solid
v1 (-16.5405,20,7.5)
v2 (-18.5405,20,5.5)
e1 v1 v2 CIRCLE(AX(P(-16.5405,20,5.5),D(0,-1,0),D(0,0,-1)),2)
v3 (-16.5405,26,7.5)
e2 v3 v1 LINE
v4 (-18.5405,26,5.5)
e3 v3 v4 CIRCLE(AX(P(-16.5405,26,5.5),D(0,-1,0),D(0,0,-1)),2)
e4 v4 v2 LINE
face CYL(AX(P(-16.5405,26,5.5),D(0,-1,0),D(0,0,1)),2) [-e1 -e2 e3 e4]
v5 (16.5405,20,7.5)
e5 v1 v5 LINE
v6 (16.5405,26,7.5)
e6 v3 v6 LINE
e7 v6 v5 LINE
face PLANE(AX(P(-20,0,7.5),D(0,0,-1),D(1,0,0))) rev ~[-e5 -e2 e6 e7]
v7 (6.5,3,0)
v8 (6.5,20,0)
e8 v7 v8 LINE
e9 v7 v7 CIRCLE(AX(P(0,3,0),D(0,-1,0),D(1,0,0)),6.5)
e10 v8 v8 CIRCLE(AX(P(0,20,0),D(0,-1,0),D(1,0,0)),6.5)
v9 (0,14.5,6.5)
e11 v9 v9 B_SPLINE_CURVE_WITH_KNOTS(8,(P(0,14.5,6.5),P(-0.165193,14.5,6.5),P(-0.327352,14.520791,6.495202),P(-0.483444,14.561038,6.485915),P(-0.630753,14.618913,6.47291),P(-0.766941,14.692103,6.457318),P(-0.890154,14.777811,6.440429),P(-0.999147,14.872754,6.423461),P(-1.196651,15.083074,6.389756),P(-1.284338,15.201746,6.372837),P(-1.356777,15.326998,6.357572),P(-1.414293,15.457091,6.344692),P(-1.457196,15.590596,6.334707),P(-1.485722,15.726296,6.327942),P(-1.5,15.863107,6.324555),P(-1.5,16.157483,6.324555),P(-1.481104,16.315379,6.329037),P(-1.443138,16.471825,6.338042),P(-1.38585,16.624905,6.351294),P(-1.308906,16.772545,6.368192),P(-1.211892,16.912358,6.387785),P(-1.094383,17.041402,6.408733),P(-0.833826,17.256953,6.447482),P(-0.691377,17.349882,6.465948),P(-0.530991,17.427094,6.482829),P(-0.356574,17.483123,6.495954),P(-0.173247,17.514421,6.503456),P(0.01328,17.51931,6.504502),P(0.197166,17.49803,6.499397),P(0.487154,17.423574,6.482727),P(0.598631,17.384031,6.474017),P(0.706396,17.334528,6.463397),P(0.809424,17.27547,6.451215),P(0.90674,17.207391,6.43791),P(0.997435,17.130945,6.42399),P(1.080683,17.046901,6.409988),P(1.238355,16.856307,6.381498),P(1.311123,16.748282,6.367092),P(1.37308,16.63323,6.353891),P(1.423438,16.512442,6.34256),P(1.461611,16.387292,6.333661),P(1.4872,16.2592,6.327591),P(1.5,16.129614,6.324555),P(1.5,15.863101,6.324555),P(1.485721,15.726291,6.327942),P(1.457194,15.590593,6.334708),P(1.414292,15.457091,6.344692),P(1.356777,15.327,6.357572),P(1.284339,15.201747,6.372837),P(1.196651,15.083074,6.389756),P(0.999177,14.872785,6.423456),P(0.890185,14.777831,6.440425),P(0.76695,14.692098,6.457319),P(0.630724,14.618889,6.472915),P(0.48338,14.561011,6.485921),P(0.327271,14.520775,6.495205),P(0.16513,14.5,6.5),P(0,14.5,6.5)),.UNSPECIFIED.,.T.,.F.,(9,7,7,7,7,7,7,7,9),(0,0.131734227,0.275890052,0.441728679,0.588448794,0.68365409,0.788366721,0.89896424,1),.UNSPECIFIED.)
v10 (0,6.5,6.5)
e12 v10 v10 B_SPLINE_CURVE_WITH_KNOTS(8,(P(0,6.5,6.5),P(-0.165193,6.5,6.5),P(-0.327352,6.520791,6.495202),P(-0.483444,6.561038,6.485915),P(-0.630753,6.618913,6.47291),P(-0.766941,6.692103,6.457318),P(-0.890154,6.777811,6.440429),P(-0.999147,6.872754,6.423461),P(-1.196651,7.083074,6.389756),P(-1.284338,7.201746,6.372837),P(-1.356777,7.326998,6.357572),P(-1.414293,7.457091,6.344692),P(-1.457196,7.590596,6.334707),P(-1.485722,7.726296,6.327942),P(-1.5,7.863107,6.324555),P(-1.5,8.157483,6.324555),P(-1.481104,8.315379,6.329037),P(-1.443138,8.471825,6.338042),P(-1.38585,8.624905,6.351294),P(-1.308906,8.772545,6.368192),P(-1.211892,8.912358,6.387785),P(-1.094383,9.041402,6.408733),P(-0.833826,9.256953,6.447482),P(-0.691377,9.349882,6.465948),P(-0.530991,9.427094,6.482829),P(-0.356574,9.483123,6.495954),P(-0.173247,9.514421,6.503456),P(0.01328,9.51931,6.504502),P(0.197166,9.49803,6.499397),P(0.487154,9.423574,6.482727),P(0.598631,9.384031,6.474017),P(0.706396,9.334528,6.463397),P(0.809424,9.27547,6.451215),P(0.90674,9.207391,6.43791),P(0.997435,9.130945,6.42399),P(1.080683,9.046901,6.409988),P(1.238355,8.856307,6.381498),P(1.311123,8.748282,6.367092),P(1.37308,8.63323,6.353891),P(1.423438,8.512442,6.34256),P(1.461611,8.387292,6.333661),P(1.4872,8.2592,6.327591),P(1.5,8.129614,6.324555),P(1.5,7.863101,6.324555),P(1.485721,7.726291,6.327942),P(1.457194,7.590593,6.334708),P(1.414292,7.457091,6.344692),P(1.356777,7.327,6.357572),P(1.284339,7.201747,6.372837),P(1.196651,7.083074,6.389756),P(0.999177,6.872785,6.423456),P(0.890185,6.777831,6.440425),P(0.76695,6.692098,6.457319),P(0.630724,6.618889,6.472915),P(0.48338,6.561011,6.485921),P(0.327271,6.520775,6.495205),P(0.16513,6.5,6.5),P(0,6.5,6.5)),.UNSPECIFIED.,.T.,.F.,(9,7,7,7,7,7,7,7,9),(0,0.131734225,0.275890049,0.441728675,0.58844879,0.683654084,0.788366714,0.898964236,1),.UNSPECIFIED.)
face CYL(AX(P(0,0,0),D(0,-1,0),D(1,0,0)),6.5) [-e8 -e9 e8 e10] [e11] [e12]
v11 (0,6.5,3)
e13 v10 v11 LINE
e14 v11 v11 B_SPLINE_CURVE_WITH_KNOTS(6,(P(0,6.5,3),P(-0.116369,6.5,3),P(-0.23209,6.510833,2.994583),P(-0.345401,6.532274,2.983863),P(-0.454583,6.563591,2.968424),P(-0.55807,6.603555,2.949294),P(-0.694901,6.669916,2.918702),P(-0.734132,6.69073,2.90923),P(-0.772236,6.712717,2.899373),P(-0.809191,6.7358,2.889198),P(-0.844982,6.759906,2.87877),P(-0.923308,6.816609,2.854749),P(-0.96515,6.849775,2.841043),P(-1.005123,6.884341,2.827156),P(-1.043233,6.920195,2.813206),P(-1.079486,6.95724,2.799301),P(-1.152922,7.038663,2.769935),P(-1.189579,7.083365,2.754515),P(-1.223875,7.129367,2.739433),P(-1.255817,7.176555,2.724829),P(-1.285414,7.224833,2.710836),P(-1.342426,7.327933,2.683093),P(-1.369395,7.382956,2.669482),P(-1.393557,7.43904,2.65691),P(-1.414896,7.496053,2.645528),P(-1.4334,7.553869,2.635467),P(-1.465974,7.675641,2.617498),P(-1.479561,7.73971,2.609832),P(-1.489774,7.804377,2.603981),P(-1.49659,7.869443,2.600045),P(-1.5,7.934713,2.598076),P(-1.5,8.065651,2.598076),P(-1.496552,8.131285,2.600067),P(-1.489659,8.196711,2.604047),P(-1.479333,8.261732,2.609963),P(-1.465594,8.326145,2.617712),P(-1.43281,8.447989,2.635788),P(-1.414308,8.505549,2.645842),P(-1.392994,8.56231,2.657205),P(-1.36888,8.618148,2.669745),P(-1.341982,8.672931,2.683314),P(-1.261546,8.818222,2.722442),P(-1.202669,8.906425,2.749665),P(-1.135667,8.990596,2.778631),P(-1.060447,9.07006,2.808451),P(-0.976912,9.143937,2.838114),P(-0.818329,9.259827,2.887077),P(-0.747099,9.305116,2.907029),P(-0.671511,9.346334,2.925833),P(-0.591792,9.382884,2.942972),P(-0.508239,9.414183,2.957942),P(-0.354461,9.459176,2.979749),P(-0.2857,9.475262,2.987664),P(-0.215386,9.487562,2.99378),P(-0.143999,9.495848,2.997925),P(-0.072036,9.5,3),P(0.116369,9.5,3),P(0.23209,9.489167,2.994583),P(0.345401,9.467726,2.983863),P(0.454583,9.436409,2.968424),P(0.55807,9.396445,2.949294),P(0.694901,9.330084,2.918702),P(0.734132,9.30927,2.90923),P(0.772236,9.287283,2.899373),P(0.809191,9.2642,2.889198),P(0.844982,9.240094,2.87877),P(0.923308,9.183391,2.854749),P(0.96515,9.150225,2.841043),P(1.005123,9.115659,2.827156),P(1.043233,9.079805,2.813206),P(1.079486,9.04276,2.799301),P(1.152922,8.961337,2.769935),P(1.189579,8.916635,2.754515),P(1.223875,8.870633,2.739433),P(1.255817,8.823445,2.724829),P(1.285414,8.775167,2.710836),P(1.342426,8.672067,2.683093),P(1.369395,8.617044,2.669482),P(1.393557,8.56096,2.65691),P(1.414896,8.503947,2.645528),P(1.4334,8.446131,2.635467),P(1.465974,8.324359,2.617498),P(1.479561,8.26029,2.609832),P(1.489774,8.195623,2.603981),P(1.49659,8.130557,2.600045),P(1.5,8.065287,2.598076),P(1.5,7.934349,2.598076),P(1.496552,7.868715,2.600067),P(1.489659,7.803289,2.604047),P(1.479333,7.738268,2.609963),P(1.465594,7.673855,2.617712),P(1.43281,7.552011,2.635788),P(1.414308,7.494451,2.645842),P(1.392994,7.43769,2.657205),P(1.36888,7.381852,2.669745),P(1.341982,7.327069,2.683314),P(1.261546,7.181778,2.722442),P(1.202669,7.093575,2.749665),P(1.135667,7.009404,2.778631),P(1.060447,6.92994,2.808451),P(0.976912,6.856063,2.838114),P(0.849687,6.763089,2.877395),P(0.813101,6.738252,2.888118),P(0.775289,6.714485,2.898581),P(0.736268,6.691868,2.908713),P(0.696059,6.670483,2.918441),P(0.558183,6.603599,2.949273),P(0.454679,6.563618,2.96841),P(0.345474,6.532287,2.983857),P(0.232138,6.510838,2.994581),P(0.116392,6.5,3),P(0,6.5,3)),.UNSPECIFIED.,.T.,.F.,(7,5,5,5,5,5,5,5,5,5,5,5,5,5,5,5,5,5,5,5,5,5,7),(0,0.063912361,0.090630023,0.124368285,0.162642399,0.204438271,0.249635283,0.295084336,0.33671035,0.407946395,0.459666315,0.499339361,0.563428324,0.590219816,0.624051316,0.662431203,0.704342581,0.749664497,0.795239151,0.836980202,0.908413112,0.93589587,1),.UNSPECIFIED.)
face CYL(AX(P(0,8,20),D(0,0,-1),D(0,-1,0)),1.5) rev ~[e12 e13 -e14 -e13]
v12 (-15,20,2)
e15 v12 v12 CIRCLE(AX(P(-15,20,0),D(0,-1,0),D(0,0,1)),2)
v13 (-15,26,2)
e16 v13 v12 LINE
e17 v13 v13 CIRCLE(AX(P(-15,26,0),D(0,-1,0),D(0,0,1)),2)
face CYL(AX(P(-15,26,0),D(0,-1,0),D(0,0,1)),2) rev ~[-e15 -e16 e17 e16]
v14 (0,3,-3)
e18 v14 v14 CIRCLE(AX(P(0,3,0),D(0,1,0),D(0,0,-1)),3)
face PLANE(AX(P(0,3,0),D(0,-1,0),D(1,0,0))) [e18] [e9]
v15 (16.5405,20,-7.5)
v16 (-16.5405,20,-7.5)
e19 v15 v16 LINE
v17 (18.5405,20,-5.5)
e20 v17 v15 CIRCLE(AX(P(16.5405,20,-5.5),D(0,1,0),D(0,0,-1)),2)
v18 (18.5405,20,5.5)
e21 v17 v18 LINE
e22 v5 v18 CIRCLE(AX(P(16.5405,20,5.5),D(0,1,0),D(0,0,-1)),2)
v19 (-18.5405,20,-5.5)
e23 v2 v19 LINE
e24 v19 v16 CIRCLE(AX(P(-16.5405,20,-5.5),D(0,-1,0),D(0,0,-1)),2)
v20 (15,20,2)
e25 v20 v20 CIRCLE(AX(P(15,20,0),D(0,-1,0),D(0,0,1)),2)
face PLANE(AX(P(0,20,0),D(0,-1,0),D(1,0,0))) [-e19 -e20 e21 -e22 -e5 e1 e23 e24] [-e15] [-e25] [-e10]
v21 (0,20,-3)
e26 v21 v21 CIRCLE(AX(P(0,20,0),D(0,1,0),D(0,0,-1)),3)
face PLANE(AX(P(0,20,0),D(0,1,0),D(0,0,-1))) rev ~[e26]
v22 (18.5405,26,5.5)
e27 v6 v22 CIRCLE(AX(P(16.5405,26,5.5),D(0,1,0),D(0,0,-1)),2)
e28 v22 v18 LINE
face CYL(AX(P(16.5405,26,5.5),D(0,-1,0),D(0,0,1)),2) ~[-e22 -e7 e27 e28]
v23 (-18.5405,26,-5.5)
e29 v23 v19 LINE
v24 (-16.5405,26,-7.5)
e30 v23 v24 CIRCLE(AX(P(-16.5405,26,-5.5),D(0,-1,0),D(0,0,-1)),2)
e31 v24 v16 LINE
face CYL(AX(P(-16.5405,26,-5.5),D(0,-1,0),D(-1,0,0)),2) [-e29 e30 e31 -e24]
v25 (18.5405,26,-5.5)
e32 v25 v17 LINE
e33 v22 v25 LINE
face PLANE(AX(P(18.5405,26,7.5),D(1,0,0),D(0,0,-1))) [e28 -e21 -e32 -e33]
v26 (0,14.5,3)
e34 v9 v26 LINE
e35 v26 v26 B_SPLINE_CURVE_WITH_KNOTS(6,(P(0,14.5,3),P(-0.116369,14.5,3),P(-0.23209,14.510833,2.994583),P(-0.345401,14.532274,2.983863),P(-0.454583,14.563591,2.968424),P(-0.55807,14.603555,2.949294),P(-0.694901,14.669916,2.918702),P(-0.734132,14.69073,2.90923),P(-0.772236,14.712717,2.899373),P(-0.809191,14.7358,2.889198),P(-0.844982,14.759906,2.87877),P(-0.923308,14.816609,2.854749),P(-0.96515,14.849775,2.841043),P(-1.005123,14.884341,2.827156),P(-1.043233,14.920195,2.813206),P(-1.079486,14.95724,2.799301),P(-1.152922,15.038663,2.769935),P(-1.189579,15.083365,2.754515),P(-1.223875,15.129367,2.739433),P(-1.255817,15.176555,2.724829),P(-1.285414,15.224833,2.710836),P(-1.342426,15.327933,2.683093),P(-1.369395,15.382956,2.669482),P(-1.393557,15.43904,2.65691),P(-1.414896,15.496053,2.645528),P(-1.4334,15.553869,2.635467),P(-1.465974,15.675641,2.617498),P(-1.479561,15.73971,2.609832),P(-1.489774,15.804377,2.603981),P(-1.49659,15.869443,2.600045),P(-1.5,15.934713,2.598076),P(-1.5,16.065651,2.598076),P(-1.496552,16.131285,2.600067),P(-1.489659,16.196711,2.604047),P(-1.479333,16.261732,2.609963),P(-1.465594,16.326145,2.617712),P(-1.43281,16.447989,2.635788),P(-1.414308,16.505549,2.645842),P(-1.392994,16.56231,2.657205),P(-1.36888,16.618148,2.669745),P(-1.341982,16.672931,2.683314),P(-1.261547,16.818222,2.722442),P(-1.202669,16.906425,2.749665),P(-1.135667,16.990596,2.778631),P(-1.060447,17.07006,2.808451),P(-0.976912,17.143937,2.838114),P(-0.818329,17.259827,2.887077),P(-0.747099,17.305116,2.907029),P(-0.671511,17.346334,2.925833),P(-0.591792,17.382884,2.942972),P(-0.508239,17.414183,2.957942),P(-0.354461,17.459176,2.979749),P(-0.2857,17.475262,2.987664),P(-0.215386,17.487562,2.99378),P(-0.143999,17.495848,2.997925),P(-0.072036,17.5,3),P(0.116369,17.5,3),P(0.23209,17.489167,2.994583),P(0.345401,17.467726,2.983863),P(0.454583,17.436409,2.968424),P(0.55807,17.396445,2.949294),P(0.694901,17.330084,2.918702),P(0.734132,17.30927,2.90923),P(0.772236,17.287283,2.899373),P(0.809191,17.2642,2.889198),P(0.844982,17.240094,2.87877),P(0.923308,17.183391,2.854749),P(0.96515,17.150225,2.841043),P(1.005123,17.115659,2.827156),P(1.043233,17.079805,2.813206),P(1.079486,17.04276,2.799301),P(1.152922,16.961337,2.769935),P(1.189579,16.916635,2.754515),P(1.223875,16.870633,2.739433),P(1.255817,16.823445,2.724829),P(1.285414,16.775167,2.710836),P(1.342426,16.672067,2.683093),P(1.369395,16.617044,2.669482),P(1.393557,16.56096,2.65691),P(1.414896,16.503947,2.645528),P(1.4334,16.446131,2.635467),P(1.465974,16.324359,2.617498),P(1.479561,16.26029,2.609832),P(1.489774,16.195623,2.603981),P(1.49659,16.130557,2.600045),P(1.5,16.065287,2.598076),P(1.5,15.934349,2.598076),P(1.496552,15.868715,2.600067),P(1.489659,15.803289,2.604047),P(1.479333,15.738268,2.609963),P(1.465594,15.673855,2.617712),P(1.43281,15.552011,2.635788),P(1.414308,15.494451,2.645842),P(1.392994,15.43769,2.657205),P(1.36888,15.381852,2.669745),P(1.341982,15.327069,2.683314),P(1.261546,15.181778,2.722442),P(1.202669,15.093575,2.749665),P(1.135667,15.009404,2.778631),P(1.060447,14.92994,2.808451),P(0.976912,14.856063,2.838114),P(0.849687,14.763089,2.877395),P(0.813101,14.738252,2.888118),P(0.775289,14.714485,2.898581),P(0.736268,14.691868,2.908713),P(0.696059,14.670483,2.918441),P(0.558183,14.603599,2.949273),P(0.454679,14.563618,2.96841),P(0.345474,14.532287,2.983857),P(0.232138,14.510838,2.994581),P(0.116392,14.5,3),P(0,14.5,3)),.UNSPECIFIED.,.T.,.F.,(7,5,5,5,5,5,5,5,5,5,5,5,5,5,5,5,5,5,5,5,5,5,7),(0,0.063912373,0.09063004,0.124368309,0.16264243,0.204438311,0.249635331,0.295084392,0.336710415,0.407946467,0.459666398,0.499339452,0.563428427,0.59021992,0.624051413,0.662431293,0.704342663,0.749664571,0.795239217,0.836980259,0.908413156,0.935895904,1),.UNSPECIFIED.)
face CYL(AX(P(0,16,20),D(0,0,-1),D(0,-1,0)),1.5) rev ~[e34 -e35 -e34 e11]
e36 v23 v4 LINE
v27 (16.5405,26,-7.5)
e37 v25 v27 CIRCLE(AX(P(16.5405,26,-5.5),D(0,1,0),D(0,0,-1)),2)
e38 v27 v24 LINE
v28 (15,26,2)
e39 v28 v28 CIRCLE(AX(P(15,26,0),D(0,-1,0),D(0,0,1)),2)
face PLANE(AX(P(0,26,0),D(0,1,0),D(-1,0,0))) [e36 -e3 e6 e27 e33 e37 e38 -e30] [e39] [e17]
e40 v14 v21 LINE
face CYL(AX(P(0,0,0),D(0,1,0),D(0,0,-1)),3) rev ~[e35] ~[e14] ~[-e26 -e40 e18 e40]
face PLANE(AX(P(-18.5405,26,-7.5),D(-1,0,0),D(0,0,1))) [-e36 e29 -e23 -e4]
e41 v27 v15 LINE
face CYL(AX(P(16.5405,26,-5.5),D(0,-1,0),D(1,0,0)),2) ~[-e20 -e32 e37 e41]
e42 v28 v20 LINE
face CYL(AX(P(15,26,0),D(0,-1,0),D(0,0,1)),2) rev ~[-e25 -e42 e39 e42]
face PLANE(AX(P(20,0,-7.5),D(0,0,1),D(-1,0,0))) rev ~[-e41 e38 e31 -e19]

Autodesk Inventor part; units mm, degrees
ref_plane "YZ Plane" through (0, 0, 0) normal (1, 0, 0) x (0, 1, 0)
ref_plane "XZ Plane" through (0, 0, 0) normal (0, 1, 0) x (-1, 0, 0)
ref_plane "XY Plane" through (0, 0, 0) normal (0, 0, 1) x (1, 0, 0)
sketch "Skizze1" plane through (0, 0, 0) normal (0, 1, 0) x (-1, 0, 0)
  circle A0 centre (0, 0) radius 20
  dimension "d0" = 40
extrude "Extrusion1" add sketch "Skizze1" along normal blind 26
ref_plane "Arbeitsebene1" through (0, 26, 0) normal (0, 1, 0) x (1, 0, 0)
sketch "Skizze2" plane through (0, 26, 0) normal (0, 1, 0) x (1, 0, 0)
  circle A0 centre (0, 0) radius 20 projected
  circle A1 centre (0, 0) radius 20 construction
  circle A2 centre (0, 0) radius 20 construction
  line L0 (-15, 0) -> (15, 0) construction
  dimension "d42" = 15
  dimension "d43" = 15
ref_plane "Arbeitsebene2" through (0, 0, 0) normal (0, -1, 0) x (1, 0, 0)
sketch "Skizze3" plane through (0, 0, 0) normal (0, -1, 0) x (1, 0, 0)
  circle A0 centre (0, 0) radius 20 projected
hole "Bohrung2" at (0, 0, 0) direction (0, 1, 0) diameter 6 depth 20
sketch "Skizze4" plane through (0, 0, 0) normal (0, -1, 0) x (1, 0, 0)
  point P0 (0, 0)
sketch "Skizze5" plane through (0, 0, 0) normal (0, -1, 0) x (1, 0, 0)
  line L0 (0, 0) -> (0, 20) construction
  circle A0 centre (0, 0) radius 20 construction
ref_plane "Arbeitsebene3" through (0, 0, 20) normal (0, 0, 1) x (1, 0, 0)
sketch "Skizze6" plane through (0, 0, 20) normal (0, 0, 1) x (1, 0, 0)
  line L0 (0, 0) -> (0, 27.6738) construction
  point P0 (0, 8)
  point P1 (0, 16)
  dimension "d25" = 8
  dimension "d26" = 8
hole "Bohrung3" at (0, 16, 20) at (0, 8, 20) direction (0, 0, -1) diameter 3 depth 20 tip angle 118
sketch "Skizze7" plane through (0, 0, 0) normal (0, -1, 0) x (1, 0, 0)
  circle A0 centre (0, 0) radius 6.5
  circle A1 centre (0, 0) radius 20
  dimension "d38" = 13
  dimension "d39" = 40
extrude "Extrusion2" cut sketch "Skizze7" against normal blind 20
hole "Bohrung4" at (-15, 26, 0) at (15, 26, 0) direction (0, -1, 0) diameter 4 end through all
sketch "Skizze8" plane through (0, 0, 0) normal (0, -1, 0) x (1, 0, 0)
  line L0 (-20, 7.5) -> (20, 7.5)
  line L1 (20, 7.5) -> (20, -7.5)
  line L2 (20, -7.5) -> (-20, -7.5)
  line L3 (-20, -7.5) -> (-20, 7.5)
  line L4 (-20, 7.5) -> (20, -7.5) construction
  line L5 (20, 7.5) -> (-20, -7.5) construction
  point P0 (0, 0)
  dimension "d52" = 40
  dimension "d53" = 15
extrude "Extrusion3" cut sketch "Skizze8" against normal through all keep common part
sketch "Skizze9" plane through (0, 0, 0) normal (0, -1, 0) x (1, 0, 0)
  line L0 (-15, -15) -> (15, -15)
  line L1 (15, -15) -> (15, 15)
  line L2 (15, 15) -> (-15, 15)
  line L3 (-15, 15) -> (-15, -15)
  line L4 (-15, -15) -> (15, 15) construction
  line L5 (15, -15) -> (-15, 15) construction
  point P0 (0, 0)
  dimension "d56" = 30
  dimension "d57" = 30
extrude "Extrusion4" cut sketch "Skizze9" against normal blind 3
thread "Gewinde5" size "M3x0.5" class "6H" standard "ANSI Metric M Profile" full length
thread "Gewinde6" size "M3x0.5" class "6H" standard "ANSI Metric M Profile" full length
thread "Gewinde7" size "M4x0.7" class "6H" standard "ANSI Metric M Profile" full length
thread "Gewinde8" size "M4x0.7" class "6H" standard "ANSI Metric M Profile" full length
sketch "Skizze10" plane through (0, 26, 0) normal (0, 1, 0) x (1, 0, 0)
  arc A0 (-18.5405, 7.5) -> (-18.5405, -7.5) centre (0, 0) ccw projected
  line L0 (18.5405, 7.5) -> (-18.5405, 7.5)
  line L1 (-18.5405, 7.5) -> (-18.5405, -7.5)
  line L2 (-18.5405, -7.5) -> (18.5405, -7.5)
  line L3 (18.5405, -7.5) -> (18.5405, 7.5)
  line L4 (18.5405, 7.5) -> (-18.5405, -7.5) construction
  line L5 (-18.5405, 7.5) -> (18.5405, -7.5) construction
extrude "Extrusion5" cut sketch "Skizze10" against normal through all contours L0 L3 L2 L1 keep common part
fillet "Rundung1" radius 2 4 edges at (18.5405, 23, -7.5) (18.5405, 23, 7.5) (-18.5405, 23, -7.5) (-18.5405, 23, 7.5)
thread "Gewinde9" size "M3x0.5" class "6H" standard "ANSI Metric M Profile" full length
thread "Gewinde10" size "M3x0.5" class "6H" standard "ANSI Metric M Profile" full length
thread "Gewinde11" size "M4x0.7" class "6H" standard "ANSI Metric M Profile" full length
thread "Gewinde12" size "M4x0.7" class "6H" standard "ANSI Metric M Profile" full length
properties part number "spannring_achse"
